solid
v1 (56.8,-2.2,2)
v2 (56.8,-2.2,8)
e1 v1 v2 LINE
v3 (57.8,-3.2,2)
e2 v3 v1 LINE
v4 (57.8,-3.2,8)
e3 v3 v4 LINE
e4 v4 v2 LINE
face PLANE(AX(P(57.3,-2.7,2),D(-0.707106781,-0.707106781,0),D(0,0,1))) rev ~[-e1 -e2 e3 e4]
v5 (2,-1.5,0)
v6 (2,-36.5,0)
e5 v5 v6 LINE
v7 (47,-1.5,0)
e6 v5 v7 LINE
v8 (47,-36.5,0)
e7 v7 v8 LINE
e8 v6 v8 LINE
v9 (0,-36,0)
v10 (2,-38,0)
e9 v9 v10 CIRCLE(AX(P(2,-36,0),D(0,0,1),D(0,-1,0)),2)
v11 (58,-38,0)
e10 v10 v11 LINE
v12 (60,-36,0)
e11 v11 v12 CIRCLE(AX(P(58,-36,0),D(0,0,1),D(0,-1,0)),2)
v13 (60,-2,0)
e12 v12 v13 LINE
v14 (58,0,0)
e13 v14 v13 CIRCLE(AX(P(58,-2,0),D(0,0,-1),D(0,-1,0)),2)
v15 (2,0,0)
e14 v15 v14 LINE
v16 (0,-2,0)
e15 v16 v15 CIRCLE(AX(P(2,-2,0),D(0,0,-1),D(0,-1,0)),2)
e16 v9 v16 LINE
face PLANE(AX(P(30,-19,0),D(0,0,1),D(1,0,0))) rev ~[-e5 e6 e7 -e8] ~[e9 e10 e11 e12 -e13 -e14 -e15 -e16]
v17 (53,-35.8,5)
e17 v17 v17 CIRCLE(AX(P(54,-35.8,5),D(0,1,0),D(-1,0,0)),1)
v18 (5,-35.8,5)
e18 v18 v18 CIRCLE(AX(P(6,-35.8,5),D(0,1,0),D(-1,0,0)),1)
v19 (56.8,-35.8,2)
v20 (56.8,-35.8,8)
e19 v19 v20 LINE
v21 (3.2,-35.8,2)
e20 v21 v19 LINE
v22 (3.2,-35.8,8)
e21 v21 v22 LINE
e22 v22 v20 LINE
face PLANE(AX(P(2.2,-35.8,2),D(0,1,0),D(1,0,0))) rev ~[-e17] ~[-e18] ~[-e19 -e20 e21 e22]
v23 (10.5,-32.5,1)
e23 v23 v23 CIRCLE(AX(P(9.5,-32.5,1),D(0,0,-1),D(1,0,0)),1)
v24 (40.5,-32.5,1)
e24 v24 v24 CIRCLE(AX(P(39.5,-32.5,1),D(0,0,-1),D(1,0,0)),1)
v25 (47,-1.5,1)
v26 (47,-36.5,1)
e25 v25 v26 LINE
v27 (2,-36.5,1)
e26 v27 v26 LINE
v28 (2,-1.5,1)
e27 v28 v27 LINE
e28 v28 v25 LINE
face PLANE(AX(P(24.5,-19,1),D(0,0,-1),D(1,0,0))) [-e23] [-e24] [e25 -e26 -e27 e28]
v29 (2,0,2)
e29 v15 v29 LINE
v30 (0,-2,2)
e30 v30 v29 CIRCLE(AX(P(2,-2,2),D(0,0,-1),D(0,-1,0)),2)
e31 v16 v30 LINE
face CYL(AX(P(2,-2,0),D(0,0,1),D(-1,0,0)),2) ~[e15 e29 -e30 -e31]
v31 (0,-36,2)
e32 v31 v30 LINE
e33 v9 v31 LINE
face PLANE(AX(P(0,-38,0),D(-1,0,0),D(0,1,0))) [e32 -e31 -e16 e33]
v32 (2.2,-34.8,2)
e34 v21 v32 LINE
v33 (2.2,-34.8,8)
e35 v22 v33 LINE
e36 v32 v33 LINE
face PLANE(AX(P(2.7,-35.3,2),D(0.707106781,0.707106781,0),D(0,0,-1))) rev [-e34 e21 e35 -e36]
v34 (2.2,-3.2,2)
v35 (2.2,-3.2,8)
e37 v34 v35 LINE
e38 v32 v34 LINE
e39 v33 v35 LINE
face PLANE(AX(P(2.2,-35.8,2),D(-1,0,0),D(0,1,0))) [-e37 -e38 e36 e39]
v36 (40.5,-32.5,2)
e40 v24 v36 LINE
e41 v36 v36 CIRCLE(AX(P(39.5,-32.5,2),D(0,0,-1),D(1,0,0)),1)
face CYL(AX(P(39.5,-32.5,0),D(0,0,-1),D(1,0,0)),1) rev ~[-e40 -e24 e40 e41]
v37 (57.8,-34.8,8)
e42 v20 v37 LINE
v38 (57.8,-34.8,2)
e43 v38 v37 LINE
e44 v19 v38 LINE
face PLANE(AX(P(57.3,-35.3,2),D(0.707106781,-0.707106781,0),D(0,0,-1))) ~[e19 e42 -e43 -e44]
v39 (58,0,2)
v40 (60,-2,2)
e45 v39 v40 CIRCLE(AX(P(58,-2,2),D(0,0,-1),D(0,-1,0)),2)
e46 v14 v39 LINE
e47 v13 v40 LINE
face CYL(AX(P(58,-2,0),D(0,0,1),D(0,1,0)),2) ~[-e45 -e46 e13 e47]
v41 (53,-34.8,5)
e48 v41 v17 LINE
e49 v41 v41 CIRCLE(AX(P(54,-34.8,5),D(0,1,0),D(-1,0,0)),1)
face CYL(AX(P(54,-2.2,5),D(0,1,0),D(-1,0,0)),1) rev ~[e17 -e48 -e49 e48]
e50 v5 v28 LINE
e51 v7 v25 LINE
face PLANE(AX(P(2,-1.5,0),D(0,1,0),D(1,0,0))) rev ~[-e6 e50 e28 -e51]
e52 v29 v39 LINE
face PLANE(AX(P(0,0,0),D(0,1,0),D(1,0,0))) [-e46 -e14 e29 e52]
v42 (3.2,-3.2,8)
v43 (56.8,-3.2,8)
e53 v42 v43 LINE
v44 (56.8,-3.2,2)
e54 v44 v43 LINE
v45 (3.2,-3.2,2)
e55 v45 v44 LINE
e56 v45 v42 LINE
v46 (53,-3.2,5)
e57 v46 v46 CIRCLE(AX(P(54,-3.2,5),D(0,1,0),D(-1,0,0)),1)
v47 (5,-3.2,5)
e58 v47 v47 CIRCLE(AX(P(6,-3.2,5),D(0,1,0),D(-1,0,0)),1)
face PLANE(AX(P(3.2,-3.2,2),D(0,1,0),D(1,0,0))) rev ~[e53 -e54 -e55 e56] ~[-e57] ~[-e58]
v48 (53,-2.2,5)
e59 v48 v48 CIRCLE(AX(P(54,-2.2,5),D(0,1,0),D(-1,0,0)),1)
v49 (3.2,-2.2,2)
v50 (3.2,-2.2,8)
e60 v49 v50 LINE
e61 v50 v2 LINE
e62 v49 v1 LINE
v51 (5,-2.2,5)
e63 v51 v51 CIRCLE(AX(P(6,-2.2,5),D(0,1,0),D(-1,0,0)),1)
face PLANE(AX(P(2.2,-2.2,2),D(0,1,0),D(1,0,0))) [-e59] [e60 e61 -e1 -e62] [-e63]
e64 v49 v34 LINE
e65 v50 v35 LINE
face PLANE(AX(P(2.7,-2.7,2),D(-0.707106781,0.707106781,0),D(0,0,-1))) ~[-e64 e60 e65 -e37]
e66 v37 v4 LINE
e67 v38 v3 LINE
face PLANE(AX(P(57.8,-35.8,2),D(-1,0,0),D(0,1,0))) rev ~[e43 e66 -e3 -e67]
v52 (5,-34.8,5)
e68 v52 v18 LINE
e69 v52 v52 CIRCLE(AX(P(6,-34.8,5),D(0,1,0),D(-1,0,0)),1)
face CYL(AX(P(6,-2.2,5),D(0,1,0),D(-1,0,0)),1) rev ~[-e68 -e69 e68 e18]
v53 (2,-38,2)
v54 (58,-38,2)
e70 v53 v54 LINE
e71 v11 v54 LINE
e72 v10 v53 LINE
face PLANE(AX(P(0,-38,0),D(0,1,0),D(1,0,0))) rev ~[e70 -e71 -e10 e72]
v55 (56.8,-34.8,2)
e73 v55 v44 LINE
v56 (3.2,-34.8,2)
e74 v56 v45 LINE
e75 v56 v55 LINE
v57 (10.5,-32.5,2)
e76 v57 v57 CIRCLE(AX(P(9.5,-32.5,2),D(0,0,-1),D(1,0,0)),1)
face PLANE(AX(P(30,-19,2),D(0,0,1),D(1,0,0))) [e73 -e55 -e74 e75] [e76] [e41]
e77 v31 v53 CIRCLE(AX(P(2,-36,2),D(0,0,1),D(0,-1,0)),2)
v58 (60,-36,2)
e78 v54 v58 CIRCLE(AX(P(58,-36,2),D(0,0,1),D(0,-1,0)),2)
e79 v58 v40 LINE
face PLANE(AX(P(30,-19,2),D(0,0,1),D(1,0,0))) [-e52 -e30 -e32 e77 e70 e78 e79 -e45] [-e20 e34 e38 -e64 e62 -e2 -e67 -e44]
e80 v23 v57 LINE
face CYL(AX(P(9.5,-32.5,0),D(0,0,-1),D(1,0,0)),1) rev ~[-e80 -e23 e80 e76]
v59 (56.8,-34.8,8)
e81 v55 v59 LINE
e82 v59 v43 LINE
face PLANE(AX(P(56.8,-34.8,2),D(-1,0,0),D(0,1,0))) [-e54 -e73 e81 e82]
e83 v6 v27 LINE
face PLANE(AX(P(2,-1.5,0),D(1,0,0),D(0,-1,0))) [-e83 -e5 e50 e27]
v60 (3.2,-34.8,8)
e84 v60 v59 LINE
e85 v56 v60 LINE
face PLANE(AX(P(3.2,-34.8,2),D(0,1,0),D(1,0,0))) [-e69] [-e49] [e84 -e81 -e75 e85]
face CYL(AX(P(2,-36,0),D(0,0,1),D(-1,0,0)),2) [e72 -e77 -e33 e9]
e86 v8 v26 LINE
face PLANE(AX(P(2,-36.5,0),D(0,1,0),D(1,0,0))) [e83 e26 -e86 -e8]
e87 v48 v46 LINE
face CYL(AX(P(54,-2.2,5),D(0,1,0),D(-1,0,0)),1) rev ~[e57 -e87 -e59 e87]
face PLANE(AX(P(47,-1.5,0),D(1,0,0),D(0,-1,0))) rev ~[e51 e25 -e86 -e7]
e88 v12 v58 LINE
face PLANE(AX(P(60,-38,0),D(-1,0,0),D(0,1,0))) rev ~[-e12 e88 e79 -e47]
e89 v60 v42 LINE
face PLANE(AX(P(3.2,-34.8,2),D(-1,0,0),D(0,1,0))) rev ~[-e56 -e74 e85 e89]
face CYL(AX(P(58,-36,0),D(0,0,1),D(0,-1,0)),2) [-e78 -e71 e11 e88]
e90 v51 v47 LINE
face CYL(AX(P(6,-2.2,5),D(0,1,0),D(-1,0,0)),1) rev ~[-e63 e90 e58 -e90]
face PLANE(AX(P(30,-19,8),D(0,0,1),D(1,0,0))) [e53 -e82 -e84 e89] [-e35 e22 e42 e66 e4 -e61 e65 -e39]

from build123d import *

# Parameters (mm, degrees)
F0_W      = 60
F0_H      = 38
F1_DEPTH  = 2
F2_W      = 55.6
F2_H      = 33.6
F2_W_2    = 53.6
F2_H_2    = 31.6
F3_DEPTH  = 6
F4_W      = 45
F4_H      = 35
F5_DEPTH  = 1
F6_R      = 2
F7_R      = 1
F8_DEPTH  = 8.001
F9_R      = 1
F10_DEPTH = 35.801
F11_SIZE  = 1


with BuildPart() as f1:
    # F0 (on Top) → F1 (new body)
    with BuildSketch(Plane.XY):
        with Locations((30, -19)):
            Rectangle(F0_W, F0_H)
    extrude(amount=F1_DEPTH)

    # F2 (on face) → F3 (join)
    with BuildSketch(Plane.XY.offset(2)):
        with Locations((30, -19)):
            Rectangle(F2_W, F2_H)
        with Locations((30, -19)):
            Rectangle(F2_W_2, F2_H_2, mode=Mode.SUBTRACT)
    extrude(amount=F3_DEPTH)

    # F4 (on face) → F5 (cut)
    with BuildSketch(Plane(origin=(0, 0, 0), x_dir=(1, 0, 0), z_dir=(0, 0, -1))):
        with Locations((24.5, 19)):
            Rectangle(F4_W, F4_H)
    extrude(amount=-F5_DEPTH, mode=Mode.SUBTRACT)

    # F6
    f6_edges = [f1.edges().sort_by_distance(p)[0] for p in [
        (0, -38, 1),
        (0, 0, 1),
        (60, -38, 1),
        (60, 0, 1),
    ]]
    fillet(f6_edges, radius=F6_R)

    # F7 (on face) → F8 (cut, through all)
    with BuildSketch(Plane(origin=(0, 0, 0), x_dir=(1, 0, 0), z_dir=(0, 0, -1))):
        with Locations((9.5, 32.5)):
            Circle(F7_R)
        with Locations((39.5, 32.5)):
            Circle(F7_R)
    extrude(amount=-F8_DEPTH, mode=Mode.SUBTRACT)

    # F9 (on face) → F10 (cut, through all)
    with BuildSketch(Plane(origin=(0, -2.2, 0), x_dir=(-1, 0, 0), z_dir=(0, 1, 0))):
        with Locations((-54, 5)):
            Circle(F9_R)
        with Locations((-6, 5)):
            Circle(F9_R)
    extrude(amount=-F10_DEPTH, mode=Mode.SUBTRACT)

    # F11
    f11_edges = [f1.edges().sort_by_distance(p)[0] for p in [
        (2.2, -2.2, 5),
        (2.2, -35.8, 5),
        (57.8, -35.8, 5),
        (57.8, -2.2, 5),
    ]]
    chamfer(f11_edges, length=F11_SIZE)


solid = f1.part
